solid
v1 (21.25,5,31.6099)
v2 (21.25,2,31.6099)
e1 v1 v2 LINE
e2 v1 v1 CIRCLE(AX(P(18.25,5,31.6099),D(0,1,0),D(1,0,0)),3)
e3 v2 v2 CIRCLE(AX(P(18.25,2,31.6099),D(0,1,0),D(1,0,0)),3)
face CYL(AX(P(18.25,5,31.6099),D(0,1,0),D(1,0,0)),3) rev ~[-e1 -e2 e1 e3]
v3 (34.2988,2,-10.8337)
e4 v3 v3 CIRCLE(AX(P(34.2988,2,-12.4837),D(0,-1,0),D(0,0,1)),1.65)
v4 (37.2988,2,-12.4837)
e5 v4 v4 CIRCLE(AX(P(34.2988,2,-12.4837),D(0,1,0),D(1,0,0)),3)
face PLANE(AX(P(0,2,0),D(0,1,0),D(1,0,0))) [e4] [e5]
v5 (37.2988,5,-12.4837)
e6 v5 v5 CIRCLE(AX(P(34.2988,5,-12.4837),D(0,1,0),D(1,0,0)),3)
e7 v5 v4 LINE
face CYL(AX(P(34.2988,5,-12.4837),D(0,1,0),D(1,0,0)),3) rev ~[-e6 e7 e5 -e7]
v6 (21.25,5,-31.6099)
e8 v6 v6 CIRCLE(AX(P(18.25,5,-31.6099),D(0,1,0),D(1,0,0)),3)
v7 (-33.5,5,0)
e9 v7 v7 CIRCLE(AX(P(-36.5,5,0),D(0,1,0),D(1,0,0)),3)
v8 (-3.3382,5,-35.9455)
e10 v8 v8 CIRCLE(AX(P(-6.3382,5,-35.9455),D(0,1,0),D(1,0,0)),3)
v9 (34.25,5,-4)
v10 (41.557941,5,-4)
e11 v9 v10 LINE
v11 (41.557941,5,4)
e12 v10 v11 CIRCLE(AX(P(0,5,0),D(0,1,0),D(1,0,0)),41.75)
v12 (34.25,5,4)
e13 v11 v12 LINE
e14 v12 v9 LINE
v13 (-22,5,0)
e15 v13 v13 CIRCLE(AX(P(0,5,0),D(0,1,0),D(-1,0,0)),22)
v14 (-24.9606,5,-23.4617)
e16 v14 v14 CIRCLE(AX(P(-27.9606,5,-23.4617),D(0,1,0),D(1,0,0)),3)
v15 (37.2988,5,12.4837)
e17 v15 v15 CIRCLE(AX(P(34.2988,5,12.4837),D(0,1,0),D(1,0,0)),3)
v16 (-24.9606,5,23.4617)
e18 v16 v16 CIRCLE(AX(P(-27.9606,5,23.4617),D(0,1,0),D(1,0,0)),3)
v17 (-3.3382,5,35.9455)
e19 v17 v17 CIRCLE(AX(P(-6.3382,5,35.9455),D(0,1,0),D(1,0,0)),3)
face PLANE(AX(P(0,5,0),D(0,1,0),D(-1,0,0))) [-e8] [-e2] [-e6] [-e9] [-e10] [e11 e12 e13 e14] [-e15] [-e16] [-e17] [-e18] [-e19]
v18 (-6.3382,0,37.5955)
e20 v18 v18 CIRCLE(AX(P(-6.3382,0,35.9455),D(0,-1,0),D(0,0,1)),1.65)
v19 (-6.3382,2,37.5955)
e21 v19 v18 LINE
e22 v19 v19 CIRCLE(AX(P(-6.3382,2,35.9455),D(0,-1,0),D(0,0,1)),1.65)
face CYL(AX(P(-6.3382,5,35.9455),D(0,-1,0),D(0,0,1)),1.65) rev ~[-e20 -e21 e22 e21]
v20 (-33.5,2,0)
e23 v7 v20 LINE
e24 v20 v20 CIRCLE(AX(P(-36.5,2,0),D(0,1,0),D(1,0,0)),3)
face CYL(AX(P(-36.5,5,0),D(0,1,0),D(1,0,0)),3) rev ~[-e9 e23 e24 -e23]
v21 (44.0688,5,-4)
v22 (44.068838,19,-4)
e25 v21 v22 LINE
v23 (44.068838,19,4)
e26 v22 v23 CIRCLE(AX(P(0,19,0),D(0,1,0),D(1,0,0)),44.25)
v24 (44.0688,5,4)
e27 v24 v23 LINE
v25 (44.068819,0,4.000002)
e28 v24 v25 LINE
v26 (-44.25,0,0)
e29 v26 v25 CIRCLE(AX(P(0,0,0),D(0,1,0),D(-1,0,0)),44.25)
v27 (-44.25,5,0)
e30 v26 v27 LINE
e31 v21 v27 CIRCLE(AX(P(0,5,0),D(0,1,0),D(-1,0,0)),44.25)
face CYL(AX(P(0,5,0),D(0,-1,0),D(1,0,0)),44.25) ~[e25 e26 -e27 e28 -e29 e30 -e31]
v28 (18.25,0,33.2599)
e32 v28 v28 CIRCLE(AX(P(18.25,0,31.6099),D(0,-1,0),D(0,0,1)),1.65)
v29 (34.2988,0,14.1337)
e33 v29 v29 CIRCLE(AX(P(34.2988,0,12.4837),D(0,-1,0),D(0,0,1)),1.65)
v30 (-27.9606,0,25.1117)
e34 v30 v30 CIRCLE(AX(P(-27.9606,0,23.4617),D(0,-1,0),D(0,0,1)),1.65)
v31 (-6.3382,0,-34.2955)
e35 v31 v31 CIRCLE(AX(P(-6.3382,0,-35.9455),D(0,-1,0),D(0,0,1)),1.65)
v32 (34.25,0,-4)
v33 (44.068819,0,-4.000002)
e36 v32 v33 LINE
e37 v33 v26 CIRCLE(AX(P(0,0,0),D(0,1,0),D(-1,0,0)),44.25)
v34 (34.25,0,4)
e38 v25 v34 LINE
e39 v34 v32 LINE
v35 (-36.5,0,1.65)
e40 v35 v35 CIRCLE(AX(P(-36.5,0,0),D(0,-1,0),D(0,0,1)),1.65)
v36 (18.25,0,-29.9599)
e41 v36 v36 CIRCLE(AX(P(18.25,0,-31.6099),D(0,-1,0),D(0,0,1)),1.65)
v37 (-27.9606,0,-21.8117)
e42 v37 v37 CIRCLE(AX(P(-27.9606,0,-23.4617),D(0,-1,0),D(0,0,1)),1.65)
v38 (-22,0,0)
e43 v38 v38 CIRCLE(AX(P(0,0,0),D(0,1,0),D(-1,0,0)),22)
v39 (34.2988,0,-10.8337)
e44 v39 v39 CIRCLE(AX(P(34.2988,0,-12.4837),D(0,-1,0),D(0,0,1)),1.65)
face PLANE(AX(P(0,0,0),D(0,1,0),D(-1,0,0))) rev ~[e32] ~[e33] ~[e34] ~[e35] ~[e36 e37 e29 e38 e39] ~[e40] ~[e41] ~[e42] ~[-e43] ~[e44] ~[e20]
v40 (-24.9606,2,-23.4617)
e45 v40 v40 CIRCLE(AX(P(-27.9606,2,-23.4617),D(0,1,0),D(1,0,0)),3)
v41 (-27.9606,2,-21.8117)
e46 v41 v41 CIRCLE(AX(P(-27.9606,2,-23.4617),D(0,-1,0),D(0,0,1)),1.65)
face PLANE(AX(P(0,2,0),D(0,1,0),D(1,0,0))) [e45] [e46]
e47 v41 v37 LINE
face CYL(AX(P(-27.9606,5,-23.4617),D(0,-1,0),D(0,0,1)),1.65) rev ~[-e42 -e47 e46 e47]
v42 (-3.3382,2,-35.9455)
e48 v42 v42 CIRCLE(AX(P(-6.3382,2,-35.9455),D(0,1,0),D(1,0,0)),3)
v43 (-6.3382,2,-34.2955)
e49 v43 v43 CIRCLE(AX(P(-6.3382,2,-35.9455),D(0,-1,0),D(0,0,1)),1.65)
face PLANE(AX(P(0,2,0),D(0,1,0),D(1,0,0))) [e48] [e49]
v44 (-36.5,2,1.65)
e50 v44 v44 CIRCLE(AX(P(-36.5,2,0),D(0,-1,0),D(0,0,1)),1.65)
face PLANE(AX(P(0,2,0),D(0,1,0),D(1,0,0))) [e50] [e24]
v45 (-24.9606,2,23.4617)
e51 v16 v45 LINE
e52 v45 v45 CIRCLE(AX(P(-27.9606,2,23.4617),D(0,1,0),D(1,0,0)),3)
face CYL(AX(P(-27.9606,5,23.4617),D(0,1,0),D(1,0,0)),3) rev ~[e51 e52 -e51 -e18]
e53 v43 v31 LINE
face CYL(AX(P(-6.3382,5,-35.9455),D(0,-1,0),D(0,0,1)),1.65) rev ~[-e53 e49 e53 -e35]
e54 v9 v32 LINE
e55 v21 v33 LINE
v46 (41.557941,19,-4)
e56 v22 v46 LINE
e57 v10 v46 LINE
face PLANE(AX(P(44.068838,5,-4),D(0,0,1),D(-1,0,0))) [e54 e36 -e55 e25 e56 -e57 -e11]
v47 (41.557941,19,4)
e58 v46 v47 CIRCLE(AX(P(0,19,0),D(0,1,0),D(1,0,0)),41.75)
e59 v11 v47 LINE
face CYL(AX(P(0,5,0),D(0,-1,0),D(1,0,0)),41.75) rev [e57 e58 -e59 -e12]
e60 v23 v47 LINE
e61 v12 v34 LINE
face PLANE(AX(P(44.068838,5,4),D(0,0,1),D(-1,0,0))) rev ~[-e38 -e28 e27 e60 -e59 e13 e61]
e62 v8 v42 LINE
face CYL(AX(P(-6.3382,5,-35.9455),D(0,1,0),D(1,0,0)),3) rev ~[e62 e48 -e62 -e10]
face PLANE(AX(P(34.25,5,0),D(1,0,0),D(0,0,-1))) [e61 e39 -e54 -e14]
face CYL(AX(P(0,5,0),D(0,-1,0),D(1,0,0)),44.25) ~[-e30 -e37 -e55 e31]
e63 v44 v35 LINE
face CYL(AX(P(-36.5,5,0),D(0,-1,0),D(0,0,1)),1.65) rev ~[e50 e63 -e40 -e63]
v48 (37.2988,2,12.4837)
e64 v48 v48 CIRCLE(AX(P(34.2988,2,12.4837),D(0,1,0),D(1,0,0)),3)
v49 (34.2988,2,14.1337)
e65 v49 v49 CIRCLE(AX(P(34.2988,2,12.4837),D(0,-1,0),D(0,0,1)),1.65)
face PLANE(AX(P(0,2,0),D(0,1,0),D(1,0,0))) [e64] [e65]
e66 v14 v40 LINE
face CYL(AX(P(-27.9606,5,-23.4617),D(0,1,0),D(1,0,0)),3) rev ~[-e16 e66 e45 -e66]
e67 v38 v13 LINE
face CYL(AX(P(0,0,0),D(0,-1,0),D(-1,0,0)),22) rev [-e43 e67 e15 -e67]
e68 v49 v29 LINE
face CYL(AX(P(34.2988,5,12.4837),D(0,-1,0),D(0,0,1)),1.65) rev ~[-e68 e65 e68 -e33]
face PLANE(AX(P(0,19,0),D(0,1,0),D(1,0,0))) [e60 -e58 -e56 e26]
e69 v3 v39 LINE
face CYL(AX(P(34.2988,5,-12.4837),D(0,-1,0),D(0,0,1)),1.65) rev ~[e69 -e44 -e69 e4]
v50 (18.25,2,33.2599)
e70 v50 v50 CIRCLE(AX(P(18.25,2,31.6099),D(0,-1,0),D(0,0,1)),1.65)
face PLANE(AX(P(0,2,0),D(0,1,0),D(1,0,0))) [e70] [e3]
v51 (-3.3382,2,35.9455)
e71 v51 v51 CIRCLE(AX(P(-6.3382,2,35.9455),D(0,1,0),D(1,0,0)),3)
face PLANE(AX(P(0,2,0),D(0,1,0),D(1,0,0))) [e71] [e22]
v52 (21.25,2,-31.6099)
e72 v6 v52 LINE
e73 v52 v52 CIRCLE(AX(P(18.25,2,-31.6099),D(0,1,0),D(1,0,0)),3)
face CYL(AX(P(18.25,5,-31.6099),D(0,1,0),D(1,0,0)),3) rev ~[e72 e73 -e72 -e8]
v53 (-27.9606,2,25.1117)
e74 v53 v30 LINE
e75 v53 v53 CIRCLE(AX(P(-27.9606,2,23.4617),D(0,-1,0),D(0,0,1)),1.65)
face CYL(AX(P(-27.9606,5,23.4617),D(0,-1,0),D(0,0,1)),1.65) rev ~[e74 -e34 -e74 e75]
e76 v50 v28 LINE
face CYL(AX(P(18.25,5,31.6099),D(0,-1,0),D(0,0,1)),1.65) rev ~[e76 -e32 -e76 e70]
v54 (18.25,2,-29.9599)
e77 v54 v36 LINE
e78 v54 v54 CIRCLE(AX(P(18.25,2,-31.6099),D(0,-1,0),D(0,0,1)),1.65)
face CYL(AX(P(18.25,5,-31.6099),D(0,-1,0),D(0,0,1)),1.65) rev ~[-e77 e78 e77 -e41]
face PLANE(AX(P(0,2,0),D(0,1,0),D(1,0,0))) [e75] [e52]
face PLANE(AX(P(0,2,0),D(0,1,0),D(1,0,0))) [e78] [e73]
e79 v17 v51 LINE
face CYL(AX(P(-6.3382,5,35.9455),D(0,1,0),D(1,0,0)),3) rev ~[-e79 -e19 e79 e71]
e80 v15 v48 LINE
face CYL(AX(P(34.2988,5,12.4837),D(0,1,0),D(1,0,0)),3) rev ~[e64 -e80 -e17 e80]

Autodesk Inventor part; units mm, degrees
ref_plane "YZ Plane" through (0, 0, 0) normal (1, 0, 0) x (0, 1, 0)
ref_plane "XZ Plane" through (0, 0, 0) normal (0, 1, 0) x (-1, 0, 0)
ref_plane "XY Plane" through (0, 0, 0) normal (0, 0, 1) x (1, 0, 0)
sketch "スケッチ1" plane through (0, 0, 0) normal (0, 1, 0) x (-1, 0, 0)
  circle A0 centre (0, 0) radius 44.25
  circle A1 centre (0, 0) radius 22
  dimension "d0" = 88.5
  dimension "d3" = 44
extrude "押し出し1" add sketch "スケッチ1" along normal blind 5
sketch "スケッチ2" plane through (0, 5, 0) normal (0, 1, 0) x (1, 0, 0)
  circle A0 centre (0, 0) radius 36.5
  point P0 (-36.5, 0)
  point P1 (-27.9606, -23.4617)
  point P2 (-6.3382, -35.9455)
  point P3 (18.25, -31.6099)
  point P4 (34.2988, -12.4837)
  point P5 (34.2988, 12.4837)
  point P6 (18.25, 31.6099)
  point P7 (-6.3382, 35.9455)
  point P8 (-27.9606, 23.4617)
  dimension "d4" = 73
  dimension "d7" = 360
hole "穴1" at (-36.5, 5, 0) at (-27.9606, 5, 23.4617) at (-6.3382, 5, 35.9455) at (18.25, 5, 31.6099) at (34.2988, 5, 12.4837) at (34.2988, 5, -12.4837) at (18.25, 5, -31.6099) at (-6.3382, 5, -35.9455) at (-27.9606, 5, -23.4617) direction (0, -1, 0) diameter 3.3 end through all
sketch "スケッチ3" plane through (0, 5, 0) normal (0, 1, 0) x (1, 0, 0)
  circle A0 centre (-36.5, 0) radius 1.65 projected
  circle A1 centre (-36.5, 0) radius 3
  circle A2 centre (-27.9606, -23.4617) radius 3
  circle A3 centre (-6.3382, -35.9455) radius 3
  circle A4 centre (18.25, -31.6099) radius 3
  circle A5 centre (34.2988, -12.4837) radius 3
  circle A6 centre (34.2988, 12.4837) radius 3
  circle A7 centre (18.25, 31.6099) radius 3
  circle A8 centre (-6.3382, 35.9455) radius 3
  circle A9 centre (-27.9606, 23.4617) radius 3
  point P0 (0, 0)
  dimension "d16" = 6
  dimension "d19" = 360
extrude "押し出し2" cut sketch "スケッチ3" against normal blind 3 contours A0 | A1 | A2 | A3 | A4 | A5 | A6 | A7 | A8 | A9
sketch "スケッチ4" plane through (0, 5, 0) normal (0, 1, 0) x (1, 0, 0)
  circle A0 centre (0, 0) radius 41.75
  circle A1 centre (0, 0) radius 44.25 projected
  line L0 (0, 0) -> (44.25, 0)
  line L1 (44.25, 0) -> (44.25, 4)
  line L2 (44.25, 4) -> (0, 4)
  line L3 (0, 4) -> (0, 0)
  line L4 (44.25, 0) -> (44.25, -4)
  line L5 (44.25, -4) -> (0, -4)
  line L6 (0, -4) -> (0, 0)
  point P0 (44.0688, -4)
  point P1 (41.5579, -4)
  point P2 (41.5579, 4)
  point P3 (44.0688, 4)
  dimension "d23" = 2.5
  dimension "d24" = 4
extrude "押し出し3" add sketch "スケッチ4" along normal blind 14 contours A0 L5 A1 L2
sketch "スケッチ6" plane through (0, 5, 0) normal (0, 1, 0) x (1, 0, 0)
  circle A0 centre (0, 0) radius 44.25 projected
  line L0 (44.0688, 4) -> (41.5579, 4) projected
  line L1 (44.25, 0) -> (34.25, 0)
  line L2 (34.25, 0) -> (34.25, 4)
  line L3 (34.25, 4) -> (44.25, 4)
  line L4 (44.25, 4) -> (44.25, 0)
  line L5 (44.0688, -4) -> (29.25, -4)
  line L6 (34.25, 0) -> (34.25, -4)
  line L7 (44.25, -4) -> (44.25, 0)
  point P0 (29.25, 4)
  dimension "d31" = 10
extrude "押し出し5" cut sketch "スケッチ6" against normal blind 14 contours L1 L2 L3 L0 A0 | A0 L5 L6 L1
sketch "スケッチ7" plane through (0, 5, 0) normal (0, 1, 0) x (1, 0, 0)
  circle A0 centre (0, 0) radius 58
  arc A1 (41.5579, 4) -> (41.5579, -4) centre (0, 0) ccw projected
  circle A2 centre (0, 0) radius 22
  circle A3 centre (0, 0) radius 15
  circle A4 centre (40, 0) radius 18
  circle A5 centre (0, 0) radius 22 projected
  circle A6 centre (0, 0) radius 22 projected
  dimension "d36" = 30
  dimension "d37" = 7
  dimension "d39" = 36
  dimension "d41" = 116
properties part number "cablepart1"
